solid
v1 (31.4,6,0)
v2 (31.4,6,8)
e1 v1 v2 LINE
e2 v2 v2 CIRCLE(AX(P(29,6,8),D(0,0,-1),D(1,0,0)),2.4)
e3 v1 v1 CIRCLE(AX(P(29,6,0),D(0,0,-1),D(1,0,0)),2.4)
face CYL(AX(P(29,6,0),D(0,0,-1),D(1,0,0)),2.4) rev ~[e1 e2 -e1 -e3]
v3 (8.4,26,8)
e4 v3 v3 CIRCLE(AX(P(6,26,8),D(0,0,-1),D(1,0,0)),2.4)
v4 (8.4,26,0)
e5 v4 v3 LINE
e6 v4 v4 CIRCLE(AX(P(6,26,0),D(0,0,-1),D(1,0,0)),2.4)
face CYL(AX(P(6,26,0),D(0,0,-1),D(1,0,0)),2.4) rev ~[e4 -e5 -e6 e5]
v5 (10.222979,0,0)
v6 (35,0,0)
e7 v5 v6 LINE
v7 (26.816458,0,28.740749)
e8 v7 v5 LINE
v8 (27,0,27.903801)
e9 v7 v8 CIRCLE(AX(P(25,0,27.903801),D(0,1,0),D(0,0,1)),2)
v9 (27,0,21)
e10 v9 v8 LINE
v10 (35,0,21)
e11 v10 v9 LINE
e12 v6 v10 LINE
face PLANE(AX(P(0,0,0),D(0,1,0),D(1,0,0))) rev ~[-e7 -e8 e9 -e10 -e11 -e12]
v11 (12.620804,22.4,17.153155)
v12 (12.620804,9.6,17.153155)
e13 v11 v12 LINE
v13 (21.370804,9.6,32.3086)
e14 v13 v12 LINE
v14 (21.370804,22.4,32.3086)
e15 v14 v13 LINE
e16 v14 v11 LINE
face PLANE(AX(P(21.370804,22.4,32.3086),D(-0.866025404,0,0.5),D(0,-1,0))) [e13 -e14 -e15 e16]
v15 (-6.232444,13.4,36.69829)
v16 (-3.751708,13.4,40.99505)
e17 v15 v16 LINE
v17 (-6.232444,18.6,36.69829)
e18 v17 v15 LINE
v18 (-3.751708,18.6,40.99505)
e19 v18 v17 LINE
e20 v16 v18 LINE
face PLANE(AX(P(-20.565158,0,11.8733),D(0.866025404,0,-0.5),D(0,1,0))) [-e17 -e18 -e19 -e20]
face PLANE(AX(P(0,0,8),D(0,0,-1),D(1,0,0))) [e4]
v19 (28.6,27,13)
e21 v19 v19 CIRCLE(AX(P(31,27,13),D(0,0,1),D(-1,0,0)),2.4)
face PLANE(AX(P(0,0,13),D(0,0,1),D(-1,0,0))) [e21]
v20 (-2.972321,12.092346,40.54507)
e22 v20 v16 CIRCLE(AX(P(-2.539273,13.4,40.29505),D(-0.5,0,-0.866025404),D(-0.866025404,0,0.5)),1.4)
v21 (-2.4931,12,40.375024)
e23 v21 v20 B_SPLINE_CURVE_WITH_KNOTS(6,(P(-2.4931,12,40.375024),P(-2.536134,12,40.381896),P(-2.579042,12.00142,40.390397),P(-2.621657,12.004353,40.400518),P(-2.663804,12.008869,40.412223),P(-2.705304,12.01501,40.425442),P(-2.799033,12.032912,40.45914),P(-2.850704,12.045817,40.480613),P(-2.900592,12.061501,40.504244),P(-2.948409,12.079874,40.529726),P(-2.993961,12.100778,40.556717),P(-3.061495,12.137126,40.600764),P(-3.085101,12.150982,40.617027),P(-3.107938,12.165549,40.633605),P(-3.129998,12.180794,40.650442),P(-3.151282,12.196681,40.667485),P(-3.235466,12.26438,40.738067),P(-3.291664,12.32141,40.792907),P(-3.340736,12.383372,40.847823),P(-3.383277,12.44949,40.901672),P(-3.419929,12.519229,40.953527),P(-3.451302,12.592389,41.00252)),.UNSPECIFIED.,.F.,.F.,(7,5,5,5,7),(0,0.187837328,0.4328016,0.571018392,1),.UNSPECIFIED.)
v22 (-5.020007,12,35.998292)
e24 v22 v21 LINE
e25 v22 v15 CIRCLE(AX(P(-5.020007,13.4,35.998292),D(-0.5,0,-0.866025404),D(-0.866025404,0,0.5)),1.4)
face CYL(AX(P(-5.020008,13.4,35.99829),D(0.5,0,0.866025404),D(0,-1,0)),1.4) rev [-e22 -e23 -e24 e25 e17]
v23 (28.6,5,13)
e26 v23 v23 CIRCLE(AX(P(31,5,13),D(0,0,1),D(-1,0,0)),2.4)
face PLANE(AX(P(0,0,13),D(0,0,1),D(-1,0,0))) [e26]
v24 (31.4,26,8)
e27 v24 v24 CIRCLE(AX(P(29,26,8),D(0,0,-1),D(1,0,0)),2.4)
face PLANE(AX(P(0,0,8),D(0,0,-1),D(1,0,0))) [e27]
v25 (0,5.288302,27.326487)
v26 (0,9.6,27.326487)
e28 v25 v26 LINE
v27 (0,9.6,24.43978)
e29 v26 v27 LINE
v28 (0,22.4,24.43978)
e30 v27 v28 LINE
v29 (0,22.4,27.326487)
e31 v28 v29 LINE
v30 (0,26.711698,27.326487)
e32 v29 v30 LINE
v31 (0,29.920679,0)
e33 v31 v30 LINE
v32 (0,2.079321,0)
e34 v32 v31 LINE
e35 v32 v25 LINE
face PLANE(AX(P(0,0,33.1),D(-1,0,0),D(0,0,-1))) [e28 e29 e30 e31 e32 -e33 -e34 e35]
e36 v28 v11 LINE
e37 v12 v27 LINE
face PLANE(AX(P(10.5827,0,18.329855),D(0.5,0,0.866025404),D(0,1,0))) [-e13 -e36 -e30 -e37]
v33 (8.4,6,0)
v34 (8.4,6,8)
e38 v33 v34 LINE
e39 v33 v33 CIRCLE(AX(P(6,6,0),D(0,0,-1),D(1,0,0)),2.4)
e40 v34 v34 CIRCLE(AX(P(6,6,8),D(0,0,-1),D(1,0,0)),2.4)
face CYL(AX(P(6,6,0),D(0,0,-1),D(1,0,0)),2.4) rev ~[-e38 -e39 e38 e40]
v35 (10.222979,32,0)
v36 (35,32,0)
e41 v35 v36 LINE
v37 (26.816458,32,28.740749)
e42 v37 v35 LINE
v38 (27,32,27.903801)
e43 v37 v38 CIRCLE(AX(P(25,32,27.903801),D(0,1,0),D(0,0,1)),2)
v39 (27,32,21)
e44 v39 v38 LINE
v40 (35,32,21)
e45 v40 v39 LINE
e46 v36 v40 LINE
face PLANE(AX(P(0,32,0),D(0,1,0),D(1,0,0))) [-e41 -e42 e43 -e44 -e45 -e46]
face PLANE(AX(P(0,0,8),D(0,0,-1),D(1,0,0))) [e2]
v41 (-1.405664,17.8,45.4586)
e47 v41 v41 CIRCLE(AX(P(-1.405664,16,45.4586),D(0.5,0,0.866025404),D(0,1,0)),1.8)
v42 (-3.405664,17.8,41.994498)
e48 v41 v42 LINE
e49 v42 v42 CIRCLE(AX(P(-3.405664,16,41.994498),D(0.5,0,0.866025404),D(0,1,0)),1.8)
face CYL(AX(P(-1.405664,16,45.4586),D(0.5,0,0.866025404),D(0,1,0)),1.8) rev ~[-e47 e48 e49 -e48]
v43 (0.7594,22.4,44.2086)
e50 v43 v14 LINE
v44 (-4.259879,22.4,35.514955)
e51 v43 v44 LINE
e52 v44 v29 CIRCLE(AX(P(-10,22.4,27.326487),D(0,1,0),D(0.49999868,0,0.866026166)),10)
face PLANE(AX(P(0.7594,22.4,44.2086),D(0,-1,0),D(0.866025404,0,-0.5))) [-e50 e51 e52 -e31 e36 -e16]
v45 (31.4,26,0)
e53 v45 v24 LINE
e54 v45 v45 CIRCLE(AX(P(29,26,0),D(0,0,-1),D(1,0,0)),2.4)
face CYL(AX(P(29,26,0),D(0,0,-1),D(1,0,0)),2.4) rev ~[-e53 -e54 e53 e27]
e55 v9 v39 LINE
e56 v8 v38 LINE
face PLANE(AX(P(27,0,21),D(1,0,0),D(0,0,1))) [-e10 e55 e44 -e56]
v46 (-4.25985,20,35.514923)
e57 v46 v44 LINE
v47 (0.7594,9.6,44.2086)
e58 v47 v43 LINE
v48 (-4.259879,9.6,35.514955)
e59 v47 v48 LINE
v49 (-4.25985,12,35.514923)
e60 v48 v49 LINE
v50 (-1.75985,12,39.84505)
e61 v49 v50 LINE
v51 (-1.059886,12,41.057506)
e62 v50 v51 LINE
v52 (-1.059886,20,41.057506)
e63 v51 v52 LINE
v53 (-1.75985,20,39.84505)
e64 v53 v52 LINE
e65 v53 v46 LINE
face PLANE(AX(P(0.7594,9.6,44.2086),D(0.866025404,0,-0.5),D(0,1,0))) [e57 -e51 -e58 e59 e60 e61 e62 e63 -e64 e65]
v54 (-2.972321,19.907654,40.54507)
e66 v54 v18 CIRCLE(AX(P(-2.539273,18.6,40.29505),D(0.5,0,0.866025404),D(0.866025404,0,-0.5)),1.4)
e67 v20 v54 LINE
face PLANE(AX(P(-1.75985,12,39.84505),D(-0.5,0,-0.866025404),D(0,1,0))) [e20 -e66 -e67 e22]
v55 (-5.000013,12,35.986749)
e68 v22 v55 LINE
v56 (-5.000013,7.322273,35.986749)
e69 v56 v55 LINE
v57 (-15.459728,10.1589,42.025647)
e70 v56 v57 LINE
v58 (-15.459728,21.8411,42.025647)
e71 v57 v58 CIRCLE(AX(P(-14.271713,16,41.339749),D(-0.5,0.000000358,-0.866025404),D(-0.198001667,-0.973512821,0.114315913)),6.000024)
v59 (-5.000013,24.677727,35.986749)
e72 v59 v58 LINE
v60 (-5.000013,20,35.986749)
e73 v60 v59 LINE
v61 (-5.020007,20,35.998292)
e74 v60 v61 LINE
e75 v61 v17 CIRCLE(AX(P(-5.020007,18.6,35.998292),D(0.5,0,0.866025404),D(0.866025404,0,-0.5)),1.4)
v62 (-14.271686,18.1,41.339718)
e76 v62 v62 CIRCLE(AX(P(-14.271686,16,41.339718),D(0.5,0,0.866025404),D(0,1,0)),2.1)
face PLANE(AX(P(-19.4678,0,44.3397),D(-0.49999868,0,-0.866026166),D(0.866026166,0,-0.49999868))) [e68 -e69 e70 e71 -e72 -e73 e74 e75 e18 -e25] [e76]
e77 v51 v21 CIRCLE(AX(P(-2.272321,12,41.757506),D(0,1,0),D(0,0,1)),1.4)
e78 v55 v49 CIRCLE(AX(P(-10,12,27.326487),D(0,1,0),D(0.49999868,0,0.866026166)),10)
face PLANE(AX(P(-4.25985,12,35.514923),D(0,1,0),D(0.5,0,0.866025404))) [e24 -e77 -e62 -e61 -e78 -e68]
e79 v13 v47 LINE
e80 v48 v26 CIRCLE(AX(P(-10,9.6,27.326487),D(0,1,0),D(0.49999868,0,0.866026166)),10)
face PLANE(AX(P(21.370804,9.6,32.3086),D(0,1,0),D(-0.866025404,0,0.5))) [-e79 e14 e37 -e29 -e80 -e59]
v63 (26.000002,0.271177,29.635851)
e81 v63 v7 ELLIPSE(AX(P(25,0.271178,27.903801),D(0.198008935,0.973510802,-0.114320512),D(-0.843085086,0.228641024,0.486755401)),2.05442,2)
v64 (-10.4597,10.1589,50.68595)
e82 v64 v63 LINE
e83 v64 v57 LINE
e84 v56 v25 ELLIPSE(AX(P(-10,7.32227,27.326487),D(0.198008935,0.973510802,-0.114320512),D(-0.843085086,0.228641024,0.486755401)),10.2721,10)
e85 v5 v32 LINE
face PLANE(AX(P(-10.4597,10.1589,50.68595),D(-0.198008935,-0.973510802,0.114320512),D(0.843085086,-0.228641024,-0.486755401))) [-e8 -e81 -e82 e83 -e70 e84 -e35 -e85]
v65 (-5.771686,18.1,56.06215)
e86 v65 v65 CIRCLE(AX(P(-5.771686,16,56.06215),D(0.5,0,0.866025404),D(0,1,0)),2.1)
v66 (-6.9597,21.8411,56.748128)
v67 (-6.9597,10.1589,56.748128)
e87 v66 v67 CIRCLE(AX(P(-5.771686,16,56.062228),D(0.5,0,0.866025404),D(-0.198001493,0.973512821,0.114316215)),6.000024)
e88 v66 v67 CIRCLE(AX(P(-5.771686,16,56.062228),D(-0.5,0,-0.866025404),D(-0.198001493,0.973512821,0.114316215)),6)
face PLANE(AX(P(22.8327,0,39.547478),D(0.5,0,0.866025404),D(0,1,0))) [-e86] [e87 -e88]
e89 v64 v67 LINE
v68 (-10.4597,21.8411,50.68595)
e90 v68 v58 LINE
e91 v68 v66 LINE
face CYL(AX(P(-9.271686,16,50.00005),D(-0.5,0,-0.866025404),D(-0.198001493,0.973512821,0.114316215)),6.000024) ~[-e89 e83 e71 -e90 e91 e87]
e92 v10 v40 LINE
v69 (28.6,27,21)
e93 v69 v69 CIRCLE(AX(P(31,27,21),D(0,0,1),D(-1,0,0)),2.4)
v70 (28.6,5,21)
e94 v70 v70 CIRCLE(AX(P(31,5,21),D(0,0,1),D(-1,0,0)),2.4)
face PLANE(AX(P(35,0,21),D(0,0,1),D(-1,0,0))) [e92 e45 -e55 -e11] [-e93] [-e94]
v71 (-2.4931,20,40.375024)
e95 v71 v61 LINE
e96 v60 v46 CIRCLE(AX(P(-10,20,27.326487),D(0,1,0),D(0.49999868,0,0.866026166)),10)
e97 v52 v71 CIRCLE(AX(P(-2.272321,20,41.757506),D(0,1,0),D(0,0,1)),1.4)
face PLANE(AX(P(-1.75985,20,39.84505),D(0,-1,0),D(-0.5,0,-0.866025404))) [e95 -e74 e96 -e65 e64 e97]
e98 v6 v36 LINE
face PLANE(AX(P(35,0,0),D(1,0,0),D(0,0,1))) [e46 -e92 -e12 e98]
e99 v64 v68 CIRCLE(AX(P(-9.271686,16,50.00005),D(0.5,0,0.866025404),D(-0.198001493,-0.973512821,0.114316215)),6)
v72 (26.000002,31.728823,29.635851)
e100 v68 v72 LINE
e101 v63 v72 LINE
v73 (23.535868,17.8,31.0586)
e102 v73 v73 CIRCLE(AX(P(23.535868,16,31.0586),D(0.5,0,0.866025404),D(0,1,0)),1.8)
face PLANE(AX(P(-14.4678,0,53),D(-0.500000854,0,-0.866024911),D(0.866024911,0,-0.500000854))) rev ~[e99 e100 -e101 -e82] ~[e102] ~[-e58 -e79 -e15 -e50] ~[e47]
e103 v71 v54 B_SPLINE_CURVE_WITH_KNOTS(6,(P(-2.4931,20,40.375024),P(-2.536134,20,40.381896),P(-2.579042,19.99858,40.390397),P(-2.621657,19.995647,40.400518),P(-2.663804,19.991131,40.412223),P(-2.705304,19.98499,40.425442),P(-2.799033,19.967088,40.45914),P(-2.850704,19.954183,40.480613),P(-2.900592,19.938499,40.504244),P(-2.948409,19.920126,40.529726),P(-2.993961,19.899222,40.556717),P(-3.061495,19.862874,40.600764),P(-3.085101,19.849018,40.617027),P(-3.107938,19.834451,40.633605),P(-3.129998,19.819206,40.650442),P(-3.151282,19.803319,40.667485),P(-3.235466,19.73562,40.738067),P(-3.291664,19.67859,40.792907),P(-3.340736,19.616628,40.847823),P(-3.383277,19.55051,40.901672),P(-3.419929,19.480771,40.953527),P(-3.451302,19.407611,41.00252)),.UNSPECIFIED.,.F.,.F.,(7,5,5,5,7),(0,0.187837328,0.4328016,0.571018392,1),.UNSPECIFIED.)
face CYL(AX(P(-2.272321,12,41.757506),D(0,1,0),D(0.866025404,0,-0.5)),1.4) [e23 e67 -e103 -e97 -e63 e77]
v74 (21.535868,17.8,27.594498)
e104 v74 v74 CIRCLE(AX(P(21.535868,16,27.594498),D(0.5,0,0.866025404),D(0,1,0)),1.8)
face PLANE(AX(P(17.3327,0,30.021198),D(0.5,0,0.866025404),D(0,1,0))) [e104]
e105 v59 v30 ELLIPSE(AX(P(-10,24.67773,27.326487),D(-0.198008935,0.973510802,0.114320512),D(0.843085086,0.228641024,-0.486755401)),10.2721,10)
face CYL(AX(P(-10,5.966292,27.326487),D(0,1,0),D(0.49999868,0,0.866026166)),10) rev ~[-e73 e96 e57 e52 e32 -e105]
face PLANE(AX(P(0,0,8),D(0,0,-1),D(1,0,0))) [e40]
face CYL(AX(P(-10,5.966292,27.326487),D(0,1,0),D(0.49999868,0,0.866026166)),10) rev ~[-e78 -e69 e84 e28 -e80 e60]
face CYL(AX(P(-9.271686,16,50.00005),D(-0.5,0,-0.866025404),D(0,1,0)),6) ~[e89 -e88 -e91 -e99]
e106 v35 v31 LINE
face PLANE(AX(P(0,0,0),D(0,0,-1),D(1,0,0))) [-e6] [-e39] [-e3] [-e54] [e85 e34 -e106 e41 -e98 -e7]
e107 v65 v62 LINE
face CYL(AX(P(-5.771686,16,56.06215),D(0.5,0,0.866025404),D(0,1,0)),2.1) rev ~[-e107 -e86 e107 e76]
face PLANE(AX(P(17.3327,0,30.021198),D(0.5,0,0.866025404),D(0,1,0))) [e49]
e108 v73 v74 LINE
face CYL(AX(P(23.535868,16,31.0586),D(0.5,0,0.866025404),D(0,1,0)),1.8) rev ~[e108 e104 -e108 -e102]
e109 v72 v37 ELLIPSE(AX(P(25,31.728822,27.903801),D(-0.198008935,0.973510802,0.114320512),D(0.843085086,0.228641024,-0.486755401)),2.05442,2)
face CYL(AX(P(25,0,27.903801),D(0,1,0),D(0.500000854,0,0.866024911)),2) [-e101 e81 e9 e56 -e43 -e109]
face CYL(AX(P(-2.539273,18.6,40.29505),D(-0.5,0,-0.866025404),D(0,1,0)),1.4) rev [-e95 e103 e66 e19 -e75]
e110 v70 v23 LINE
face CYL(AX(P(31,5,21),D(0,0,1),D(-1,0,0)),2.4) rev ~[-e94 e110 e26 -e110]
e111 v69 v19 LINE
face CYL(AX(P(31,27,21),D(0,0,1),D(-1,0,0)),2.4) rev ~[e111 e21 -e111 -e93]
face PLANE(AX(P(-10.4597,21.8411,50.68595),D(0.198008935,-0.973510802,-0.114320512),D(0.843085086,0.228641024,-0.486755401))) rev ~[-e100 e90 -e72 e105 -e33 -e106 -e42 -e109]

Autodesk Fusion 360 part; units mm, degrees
sketch "Main" plane through (0, 0, 0) normal (0, 1, 0) x (1, 0, 0)
  line L0 (0, 0) -> (35, 0)
  line L1 (35, 0) -> (35, -21)
  line L2 (-19.4678, -44.3397) -> (-14.4678, -53)
  line L3 (-19.4678, -44.3397) -> (0, -33.1)
  line L4 (0, -33.1) -> (0, 0)
  line L5 (-14.4678, -53) -> (27, -29.0585)
  line L6 (35, -21) -> (27, -21)
  line L7 (27, -21) -> (27, -29.0585)
  dimension "d1" = 35
  dimension "d2" = 21
  dimension "d4" = 10
  dimension "d5" = 60
  dimension "d7" = 53
  dimension "d34" = 33.1
  dimension "d35" = 8
extrude "Extrude1" add sketch "Main" along normal blind 32
sketch "Upper Cut " plane through (19.3327, 0, 33.4853) normal (0.5, 0, 0.866) x (0, 1, 0)
  line L0 (0, 39.0295) -> (0, -8.8534)
  line L1 (32, -8.8534) -> (32, 39.0295)
  line L2 (32, 39.0295) -> (0, 39.0295)
  line L3 (0, -30.3109) -> (32, -30.3109) construction
  line L4 (16, 39.0295) -> (16, -30.3109) construction
  arc A0 (21.8411, 34.4013) -> (10.1589, 34.4013) centre (16, 33.0295) ccw
  line L5 (10.1589, 34.4013) -> (0, -8.8534)
  line L6 (21.8411, 34.4013) -> (32, -8.8534)
  line L7 (0, -8.8534) -> (32, -8.8534)
  dimension "d11" = 6
extrude "Extrude2" cut sketch "Upper Cut " against normal blind 43 contours L0 L2 A0 L5 | L1 L2 A0 L6
sketch "Tube Extension" plane through (19.3327, 0, 33.4853) normal (0.5, 0, 0.866) x (0, 1, 0)
  line L0 (32, -8.8534) -> (21.8411, 34.4013)
  arc A0 (21.8411, 34.4013) -> (10.1589, 34.4013) centre (16, 33.0295) ccw
  line L1 (10.1589, 34.4013) -> (0, -8.8534)
  circle A1 centre (16, 33.0295) radius 6
  line L2 (0, -8.8534) -> (32, -8.8534)
  dimension "d14" = 12
extrude "Extrude3" add sketch "Tube Extension" along normal blind 7 contours A0 A1
sketch "Tube Hole" plane through (22.8327, 0, 39.5474) normal (0.5, 0, 0.866) x (0, 1, 0)
  circle A0 centre (16, 33.0295) radius 6
  circle A1 centre (16, 33.0295) radius 2.1
  dimension "d17" = 4.2
extrude "Extrude4" cut sketch "Tube Hole" against normal up to surface (17 mm away) contours A1
fillet "Fillet1" radius 10 1 edges at (0, 16, 33.1)
sketch "Servo Holes" plane through (19.3327, 0, 33.4853) normal (0.5, 0, 0.866) x (0, 1, 0)
  arc A0 (10.1589, 34.4013) -> (21.8411, 34.4013) centre (16, 33.0295) ccw
  line L0 (10.1589, 34.4013) -> (0, -8.8534)
  line L1 (32, -8.8534) -> (21.8411, 34.4013)
  line L2 (16, 27.0295) -> (16, -8.8534) construction
  line L3 (9.6, 21.4466) -> (22.4, 21.4466)
  line L4 (22.4, 21.4466) -> (22.4, -2.3534)
  line L5 (22.4, -2.3534) -> (9.6, -2.3534)
  line L6 (9.6, -2.3534) -> (9.6, 21.4466)
  circle A1 centre (16, 23.9466) radius 1.8
  circle A2 centre (16, -4.8534) radius 1.8
  line L7 (0, -8.8534) -> (32, -8.8534)
  dimension "d22" = 12.8
  dimension "d23" = 23.8
  dimension "d24" = 6.4
  dimension "d28" = 3.6
  dimension "d29" = 3.6
  dimension "d30" = 28.8
  dimension "d31" = 2.5
  dimension "d36" = 6.5
extrude "Extrude5" cut sketch "Servo Holes" against normal blind 17.5 contours L3 L4 L5 L6
extrude "Extrude6" cut sketch "Servo Holes" against normal blind 4 contours A1 | A2
fillet "Fillet3" radius 2 1 edges at (27, 16, 29.0585)
sketch "Top Plate Holes" plane through (0, 0, 21) normal (0, 0, 1) x (-1, 0, 0)
  line L0 (-27, 0) -> (-35, 0)
  line L1 (-35, 0) -> (-35, -32)
  line L2 (-35, -32) -> (-27, -32)
  line L3 (-27, -32) -> (-27, 0)
  line L4 (-31, -32) -> (-31, 0) construction
  circle A0 centre (-31, -27) radius 2.4
  circle A1 centre (-31, -5) radius 2.4
  dimension "d41" = 4.8
  dimension "d42" = 4.8
  dimension "d44" = 22
  dimension "d45" = 5
extrude "Extrude7" cut sketch "Top Plate Holes" against normal blind 8 contours A0 | A1
sketch "Base Holes" plane through (0, 0, 0) normal (0, 0, -1) x (1, 0, 0)
  line L0 (10.223, 0) -> (0, -2.0793)
  line L1 (0, -2.0793) -> (0, -29.9207)
  line L2 (0, -29.9207) -> (10.223, -32)
  line L3 (10.223, -32) -> (35, -32)
  line L4 (35, -32) -> (35, 0)
  line L5 (35, 0) -> (10.223, 0)
  circle A0 centre (6, -6) radius 2.4
  circle A1 centre (29, -6) radius 2.4
  circle A2 centre (6, -26) radius 2.4
  circle A3 centre (29, -26) radius 2.4
  dimension "d59" = 4.8
  dimension "d61" = 6
  dimension "d62" = 6
  dimension "d65" = 23
  dimension "d66" = -20
extrude "Extrude8" cut sketch "Base Holes" against normal blind 8 contours A0 | A1 | A2 | A3
sketch "Servo Wires " plane through (-18.5733, 0, 10.7233) normal (0.866, 0, -0.5) x (0, 1, 0)
  line L0 (9.6, 28.6269) -> (22.4, 28.6269)
  line L1 (22.4, 28.6269) -> (22.4, 38.6654)
  line L2 (22.4, 38.6654) -> (9.6, 38.6654)
  line L3 (9.6, 38.6654) -> (9.6, 28.6269)
  line L4 (12, 33.6269) -> (20, 33.6269)
  line L5 (20, 33.6269) -> (20, 28.6269)
  line L6 (20, 28.6269) -> (12, 28.6269)
  line L7 (12, 28.6269) -> (12, 33.6269)
  dimension "d93" = 8
  dimension "d94" = 2.4
  dimension "d95" = 5
extrude "Extrude9" cut sketch "Servo Wires " against normal blind 2.3 contours L0 L4 L5 L6 L7
fillet "Fillet4" radius 1.4 3 edges at (-1.7598, 16, 39.8451) (-4.9921, 12, 38.8467) (-4.9921, 20, 38.8467)
